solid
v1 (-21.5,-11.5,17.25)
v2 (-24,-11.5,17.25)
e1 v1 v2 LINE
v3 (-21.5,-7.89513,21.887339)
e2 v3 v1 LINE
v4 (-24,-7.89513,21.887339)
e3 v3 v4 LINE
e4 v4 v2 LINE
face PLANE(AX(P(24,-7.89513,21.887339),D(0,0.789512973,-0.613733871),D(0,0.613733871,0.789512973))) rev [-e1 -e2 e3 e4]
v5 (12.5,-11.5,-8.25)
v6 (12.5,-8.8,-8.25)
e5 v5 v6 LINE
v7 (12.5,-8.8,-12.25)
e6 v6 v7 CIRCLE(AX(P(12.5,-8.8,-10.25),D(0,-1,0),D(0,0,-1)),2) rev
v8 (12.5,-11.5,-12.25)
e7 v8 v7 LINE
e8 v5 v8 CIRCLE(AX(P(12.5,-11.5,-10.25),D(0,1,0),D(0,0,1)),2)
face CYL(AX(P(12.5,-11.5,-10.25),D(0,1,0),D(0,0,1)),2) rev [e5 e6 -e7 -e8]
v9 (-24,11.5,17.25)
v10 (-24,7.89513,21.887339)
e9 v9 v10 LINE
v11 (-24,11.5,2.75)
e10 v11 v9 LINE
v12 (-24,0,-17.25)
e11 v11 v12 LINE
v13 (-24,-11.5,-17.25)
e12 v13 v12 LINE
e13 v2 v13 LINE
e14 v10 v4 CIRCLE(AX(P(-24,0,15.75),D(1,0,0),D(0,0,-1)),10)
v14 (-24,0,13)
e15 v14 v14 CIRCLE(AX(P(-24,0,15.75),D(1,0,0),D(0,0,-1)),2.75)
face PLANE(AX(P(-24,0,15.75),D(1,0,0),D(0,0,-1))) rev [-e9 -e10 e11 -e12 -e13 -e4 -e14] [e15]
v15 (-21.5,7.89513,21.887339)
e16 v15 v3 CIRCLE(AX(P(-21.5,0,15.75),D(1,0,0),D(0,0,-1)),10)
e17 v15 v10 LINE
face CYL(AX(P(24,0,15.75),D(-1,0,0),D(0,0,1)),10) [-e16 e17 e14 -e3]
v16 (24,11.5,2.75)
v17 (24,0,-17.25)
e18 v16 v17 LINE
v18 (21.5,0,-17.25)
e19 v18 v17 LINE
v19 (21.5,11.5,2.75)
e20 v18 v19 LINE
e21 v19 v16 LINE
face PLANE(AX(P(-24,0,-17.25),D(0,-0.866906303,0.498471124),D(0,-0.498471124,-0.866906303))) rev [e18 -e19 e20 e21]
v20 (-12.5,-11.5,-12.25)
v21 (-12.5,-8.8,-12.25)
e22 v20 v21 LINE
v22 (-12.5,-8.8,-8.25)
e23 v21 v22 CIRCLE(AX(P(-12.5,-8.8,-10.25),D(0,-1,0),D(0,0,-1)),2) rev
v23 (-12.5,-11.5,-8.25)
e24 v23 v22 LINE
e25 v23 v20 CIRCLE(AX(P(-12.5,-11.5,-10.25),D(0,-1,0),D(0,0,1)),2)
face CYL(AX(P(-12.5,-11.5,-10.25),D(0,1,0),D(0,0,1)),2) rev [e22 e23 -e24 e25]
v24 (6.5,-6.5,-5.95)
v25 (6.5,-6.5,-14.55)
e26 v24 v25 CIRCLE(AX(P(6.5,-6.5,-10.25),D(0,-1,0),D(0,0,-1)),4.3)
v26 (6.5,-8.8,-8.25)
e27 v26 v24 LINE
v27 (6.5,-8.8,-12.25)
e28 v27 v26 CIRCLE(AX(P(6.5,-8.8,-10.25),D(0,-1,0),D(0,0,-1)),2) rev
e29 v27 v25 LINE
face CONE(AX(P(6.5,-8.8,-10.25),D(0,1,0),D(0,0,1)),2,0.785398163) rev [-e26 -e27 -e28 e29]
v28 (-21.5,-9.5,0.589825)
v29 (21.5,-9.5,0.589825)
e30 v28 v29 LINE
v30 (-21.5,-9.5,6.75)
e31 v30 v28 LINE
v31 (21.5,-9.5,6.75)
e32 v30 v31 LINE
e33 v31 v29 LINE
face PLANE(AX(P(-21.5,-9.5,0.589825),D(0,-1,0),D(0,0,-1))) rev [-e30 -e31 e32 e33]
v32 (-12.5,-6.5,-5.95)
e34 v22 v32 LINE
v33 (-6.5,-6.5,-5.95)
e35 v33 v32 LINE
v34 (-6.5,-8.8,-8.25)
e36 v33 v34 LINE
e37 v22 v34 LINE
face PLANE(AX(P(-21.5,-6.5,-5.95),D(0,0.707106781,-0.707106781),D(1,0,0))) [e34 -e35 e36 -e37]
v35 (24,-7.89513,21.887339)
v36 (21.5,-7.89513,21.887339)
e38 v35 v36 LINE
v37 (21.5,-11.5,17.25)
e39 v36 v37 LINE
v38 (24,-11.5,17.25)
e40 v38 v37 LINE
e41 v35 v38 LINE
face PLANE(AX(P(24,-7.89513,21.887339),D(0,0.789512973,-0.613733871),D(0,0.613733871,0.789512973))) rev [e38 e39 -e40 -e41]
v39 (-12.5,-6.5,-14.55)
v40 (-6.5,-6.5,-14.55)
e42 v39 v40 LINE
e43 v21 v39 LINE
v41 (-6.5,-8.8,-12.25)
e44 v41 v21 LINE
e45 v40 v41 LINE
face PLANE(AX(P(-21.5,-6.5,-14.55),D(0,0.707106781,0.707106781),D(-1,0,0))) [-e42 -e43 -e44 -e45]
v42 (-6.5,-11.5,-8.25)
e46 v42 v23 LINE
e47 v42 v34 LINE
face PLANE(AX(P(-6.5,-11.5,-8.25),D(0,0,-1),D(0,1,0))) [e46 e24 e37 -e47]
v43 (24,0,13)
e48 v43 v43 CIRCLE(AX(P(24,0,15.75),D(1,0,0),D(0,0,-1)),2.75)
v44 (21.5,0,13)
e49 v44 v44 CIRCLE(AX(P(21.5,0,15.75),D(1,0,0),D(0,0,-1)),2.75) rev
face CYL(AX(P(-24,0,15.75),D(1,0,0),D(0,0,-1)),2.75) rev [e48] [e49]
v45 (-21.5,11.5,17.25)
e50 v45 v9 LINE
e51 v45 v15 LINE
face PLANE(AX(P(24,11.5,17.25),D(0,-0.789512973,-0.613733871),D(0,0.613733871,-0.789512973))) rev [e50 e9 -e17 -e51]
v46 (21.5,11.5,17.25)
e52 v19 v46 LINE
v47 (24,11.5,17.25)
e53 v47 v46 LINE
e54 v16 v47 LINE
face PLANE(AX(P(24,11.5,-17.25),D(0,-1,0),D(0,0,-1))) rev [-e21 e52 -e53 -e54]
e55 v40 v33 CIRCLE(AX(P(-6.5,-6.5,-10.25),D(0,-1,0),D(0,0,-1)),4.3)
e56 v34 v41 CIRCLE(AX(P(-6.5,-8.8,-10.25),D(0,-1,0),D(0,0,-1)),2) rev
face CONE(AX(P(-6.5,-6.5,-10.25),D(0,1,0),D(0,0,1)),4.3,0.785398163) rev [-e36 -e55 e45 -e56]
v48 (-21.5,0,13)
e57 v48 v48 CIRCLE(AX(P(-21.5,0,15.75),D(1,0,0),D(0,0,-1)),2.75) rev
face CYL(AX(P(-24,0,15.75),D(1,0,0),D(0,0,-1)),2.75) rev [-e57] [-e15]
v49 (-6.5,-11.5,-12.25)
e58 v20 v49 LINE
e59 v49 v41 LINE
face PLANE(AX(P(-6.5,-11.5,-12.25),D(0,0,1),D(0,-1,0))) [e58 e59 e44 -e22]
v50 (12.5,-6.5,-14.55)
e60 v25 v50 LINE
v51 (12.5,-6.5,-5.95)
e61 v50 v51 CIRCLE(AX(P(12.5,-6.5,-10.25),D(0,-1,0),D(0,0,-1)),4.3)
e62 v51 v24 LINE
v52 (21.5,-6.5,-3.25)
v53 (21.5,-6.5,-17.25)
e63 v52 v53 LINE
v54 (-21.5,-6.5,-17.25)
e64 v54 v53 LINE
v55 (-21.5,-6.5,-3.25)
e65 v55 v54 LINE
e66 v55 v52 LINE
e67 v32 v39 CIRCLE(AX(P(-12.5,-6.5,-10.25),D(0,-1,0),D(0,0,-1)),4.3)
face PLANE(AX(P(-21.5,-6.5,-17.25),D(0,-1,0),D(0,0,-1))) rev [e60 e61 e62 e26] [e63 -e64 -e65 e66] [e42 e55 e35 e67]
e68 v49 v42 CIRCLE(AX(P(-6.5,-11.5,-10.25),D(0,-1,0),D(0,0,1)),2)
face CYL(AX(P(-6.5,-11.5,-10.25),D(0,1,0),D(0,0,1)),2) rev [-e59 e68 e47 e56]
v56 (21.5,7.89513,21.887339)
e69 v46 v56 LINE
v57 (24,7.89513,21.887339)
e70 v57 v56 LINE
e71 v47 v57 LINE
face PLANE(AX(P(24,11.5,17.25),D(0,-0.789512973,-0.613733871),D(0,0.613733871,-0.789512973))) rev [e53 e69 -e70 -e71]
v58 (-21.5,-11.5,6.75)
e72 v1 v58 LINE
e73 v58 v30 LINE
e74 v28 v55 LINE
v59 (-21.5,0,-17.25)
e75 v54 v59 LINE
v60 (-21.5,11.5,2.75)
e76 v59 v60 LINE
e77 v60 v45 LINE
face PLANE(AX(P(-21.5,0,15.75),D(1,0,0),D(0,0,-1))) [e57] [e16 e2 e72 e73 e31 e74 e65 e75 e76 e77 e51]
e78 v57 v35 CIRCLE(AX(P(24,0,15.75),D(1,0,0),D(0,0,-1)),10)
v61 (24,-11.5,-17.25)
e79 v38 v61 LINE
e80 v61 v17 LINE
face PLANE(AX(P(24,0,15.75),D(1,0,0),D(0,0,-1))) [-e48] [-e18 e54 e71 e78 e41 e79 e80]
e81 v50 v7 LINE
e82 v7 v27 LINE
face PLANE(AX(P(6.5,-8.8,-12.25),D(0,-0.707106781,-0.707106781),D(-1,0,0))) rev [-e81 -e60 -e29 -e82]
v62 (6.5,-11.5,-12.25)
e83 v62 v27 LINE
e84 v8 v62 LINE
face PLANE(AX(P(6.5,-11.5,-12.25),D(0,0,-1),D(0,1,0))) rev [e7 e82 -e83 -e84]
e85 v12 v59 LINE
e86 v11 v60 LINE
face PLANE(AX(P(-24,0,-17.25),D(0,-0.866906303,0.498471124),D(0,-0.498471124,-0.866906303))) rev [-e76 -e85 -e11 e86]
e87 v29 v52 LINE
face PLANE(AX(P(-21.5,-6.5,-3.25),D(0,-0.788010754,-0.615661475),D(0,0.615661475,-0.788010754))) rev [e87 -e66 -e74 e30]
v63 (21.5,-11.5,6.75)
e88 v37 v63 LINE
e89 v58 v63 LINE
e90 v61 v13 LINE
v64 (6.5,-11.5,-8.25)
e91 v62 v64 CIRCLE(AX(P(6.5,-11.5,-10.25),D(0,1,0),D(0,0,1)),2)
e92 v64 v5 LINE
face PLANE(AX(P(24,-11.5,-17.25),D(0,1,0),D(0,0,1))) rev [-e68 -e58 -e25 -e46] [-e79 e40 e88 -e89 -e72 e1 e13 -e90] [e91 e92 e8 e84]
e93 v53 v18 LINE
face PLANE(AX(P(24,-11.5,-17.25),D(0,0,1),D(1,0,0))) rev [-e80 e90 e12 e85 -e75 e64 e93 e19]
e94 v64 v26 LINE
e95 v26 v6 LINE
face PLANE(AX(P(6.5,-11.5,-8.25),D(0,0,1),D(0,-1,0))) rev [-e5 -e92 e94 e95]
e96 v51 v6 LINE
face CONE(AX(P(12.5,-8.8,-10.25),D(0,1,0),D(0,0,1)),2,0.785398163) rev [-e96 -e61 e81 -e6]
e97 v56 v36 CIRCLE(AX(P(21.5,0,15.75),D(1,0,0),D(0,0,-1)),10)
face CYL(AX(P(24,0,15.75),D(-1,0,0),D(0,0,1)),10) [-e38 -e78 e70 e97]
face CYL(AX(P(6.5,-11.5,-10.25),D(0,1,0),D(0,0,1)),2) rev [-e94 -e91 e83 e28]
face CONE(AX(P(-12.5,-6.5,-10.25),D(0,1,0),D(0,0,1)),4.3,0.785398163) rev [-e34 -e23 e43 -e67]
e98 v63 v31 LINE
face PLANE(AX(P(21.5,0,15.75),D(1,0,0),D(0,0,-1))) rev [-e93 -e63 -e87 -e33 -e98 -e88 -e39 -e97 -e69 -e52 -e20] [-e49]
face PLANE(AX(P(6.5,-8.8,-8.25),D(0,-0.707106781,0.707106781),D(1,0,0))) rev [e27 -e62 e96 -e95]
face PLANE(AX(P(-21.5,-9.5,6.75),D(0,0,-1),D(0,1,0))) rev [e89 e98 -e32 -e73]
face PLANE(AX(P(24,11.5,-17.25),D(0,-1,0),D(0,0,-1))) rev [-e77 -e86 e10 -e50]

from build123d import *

# Parameters (mm, degrees)
BOSS_EXTRUDE1_DEPTH      = 24
SKETCH2_R                = 2.75
CUT_EXTRUDE1_DEPTH       = 48
CUT_EXTRUDE2_DEPTH       = 21.5
CUT_EXTRUDE3_DEPTH       = 40.535585237
CHAMFER1_SIZE            = 2.3
CHAMFER1_OF_MIRROR1_SIZE = 2.3


with BuildPart() as part:
    # Sketch1 → Boss-Extrude1 (new, symmetric)
    with BuildSketch(Plane(origin=(0, 0, 0), x_dir=(0, 0, -1), z_dir=(1, 0, 0))):
        with BuildLine():
            Line((-17.25, 11.5), (-21.887338715, 7.895129733))
            ThreePointArc((-21.887338715, 7.895129733), (-25.75, 0), (-21.887338715, -7.895129733))
            Line((-21.887338715, -7.895129733), (-17.25, -11.5))
            Line((-17.25, -11.5), (17.25, -11.5))
            Line((17.25, -11.5), (17.25, 11.5))
            Line((17.25, 11.5), (-17.25, 11.5))
        make_face()
    extrude(amount=BOSS_EXTRUDE1_DEPTH, both=True)

    # Sketch2 → Cut-Extrude1 (cut)
    with BuildSketch(Plane(origin=(24, 0, 0), x_dir=(0, 0, -1), z_dir=(1, 0, 0))):
        with Locations((-15.75, 0)):
            Circle(SKETCH2_R)
        Polygon((17.25, 0), (-2.75, 11.5), (17.25, 11.5), align=None)
    extrude(amount=-CUT_EXTRUDE1_DEPTH, mode=Mode.SUBTRACT)

    # Sketch4 → Cut-Extrude2 (cut, symmetric)
    with BuildSketch(Plane(origin=(0, 0, 0), x_dir=(0, 0, -1), z_dir=(1, 0, 0))):
        with BuildLine():
            Line((17.25, -6.5), (17.25, 0))
            Line((17.25, 0), (-2.75, 11.5))
            Line((-2.75, 11.5), (-17.25, 11.5))
            Line((-17.25, 11.5), (-21.887338715, 7.895129733))
            ThreePointArc((-21.887338715, 7.895129733), (-25.75, 0), (-21.887338715, -7.895129733))
            Line((-21.887338715, -7.895129733), (-17.25, -11.5))
            Line((-17.25, -11.5), (-6.75, -11.5))
            Line((-6.75, -11.5), (-6.75, -9.5))
            Line((-6.75, -9.5), (-0.589824897, -9.5))
            Line((-0.589824897, -9.5), (3.25, -6.5))
            Line((3.25, -6.5), (17.25, -6.5))
        make_face()
    extrude(amount=CUT_EXTRUDE2_DEPTH, both=True, mode=Mode.SUBTRACT)

    # Sketch5 → Cut-Extrude3 (cut, through all)
    with BuildSketch(Plane(origin=(0, -6.5, 0), x_dir=(1, 0, 0), z_dir=(0, 1, 0))):
        with BuildLine():
            Line((6.5, 12.25), (12.5, 12.25))
            ThreePointArc((12.5, 12.25), (14.5, 10.25), (12.5, 8.25))
            Line((12.5, 8.25), (6.5, 8.25))
            ThreePointArc((6.5, 8.25), (4.5, 10.25), (6.5, 12.25))
        make_face()
    cut_extrude3 = extrude(amount=-CUT_EXTRUDE3_DEPTH, mode=Mode.SUBTRACT)

    # Chamfer1
    chamfer1_edges = [part.edges().sort_by_distance(p)[0] for p in [
        (4.5, -6.5, -10.25),
        (9.5, -6.5, -8.25),
        (14.5, -6.5, -10.25),
        (9.5, -6.5, -12.25),
    ]]
    chamfer(chamfer1_edges, length=CHAMFER1_SIZE)

    # Mirror1: Cut-Extrude3 across plane
    add(cut_extrude3.mirror(Plane(origin=(0, 0, 0), x_dir=(0, 0, 1), z_dir=(1, 0, 0))), mode=Mode.SUBTRACT)

    # Chamfer1 of Mirror1
    chamfer1_of_mirror1_edges = [part.edges().sort_by_distance(p)[0] for p in [
        (-4.5, -6.5, -10.25),
        (-9.5, -6.5, -8.25),
        (-14.5, -6.5, -10.25),
        (-9.5, -6.5, -12.25),
    ]]
    chamfer(chamfer1_of_mirror1_edges, length=CHAMFER1_OF_MIRROR1_SIZE)


solid = part.part
